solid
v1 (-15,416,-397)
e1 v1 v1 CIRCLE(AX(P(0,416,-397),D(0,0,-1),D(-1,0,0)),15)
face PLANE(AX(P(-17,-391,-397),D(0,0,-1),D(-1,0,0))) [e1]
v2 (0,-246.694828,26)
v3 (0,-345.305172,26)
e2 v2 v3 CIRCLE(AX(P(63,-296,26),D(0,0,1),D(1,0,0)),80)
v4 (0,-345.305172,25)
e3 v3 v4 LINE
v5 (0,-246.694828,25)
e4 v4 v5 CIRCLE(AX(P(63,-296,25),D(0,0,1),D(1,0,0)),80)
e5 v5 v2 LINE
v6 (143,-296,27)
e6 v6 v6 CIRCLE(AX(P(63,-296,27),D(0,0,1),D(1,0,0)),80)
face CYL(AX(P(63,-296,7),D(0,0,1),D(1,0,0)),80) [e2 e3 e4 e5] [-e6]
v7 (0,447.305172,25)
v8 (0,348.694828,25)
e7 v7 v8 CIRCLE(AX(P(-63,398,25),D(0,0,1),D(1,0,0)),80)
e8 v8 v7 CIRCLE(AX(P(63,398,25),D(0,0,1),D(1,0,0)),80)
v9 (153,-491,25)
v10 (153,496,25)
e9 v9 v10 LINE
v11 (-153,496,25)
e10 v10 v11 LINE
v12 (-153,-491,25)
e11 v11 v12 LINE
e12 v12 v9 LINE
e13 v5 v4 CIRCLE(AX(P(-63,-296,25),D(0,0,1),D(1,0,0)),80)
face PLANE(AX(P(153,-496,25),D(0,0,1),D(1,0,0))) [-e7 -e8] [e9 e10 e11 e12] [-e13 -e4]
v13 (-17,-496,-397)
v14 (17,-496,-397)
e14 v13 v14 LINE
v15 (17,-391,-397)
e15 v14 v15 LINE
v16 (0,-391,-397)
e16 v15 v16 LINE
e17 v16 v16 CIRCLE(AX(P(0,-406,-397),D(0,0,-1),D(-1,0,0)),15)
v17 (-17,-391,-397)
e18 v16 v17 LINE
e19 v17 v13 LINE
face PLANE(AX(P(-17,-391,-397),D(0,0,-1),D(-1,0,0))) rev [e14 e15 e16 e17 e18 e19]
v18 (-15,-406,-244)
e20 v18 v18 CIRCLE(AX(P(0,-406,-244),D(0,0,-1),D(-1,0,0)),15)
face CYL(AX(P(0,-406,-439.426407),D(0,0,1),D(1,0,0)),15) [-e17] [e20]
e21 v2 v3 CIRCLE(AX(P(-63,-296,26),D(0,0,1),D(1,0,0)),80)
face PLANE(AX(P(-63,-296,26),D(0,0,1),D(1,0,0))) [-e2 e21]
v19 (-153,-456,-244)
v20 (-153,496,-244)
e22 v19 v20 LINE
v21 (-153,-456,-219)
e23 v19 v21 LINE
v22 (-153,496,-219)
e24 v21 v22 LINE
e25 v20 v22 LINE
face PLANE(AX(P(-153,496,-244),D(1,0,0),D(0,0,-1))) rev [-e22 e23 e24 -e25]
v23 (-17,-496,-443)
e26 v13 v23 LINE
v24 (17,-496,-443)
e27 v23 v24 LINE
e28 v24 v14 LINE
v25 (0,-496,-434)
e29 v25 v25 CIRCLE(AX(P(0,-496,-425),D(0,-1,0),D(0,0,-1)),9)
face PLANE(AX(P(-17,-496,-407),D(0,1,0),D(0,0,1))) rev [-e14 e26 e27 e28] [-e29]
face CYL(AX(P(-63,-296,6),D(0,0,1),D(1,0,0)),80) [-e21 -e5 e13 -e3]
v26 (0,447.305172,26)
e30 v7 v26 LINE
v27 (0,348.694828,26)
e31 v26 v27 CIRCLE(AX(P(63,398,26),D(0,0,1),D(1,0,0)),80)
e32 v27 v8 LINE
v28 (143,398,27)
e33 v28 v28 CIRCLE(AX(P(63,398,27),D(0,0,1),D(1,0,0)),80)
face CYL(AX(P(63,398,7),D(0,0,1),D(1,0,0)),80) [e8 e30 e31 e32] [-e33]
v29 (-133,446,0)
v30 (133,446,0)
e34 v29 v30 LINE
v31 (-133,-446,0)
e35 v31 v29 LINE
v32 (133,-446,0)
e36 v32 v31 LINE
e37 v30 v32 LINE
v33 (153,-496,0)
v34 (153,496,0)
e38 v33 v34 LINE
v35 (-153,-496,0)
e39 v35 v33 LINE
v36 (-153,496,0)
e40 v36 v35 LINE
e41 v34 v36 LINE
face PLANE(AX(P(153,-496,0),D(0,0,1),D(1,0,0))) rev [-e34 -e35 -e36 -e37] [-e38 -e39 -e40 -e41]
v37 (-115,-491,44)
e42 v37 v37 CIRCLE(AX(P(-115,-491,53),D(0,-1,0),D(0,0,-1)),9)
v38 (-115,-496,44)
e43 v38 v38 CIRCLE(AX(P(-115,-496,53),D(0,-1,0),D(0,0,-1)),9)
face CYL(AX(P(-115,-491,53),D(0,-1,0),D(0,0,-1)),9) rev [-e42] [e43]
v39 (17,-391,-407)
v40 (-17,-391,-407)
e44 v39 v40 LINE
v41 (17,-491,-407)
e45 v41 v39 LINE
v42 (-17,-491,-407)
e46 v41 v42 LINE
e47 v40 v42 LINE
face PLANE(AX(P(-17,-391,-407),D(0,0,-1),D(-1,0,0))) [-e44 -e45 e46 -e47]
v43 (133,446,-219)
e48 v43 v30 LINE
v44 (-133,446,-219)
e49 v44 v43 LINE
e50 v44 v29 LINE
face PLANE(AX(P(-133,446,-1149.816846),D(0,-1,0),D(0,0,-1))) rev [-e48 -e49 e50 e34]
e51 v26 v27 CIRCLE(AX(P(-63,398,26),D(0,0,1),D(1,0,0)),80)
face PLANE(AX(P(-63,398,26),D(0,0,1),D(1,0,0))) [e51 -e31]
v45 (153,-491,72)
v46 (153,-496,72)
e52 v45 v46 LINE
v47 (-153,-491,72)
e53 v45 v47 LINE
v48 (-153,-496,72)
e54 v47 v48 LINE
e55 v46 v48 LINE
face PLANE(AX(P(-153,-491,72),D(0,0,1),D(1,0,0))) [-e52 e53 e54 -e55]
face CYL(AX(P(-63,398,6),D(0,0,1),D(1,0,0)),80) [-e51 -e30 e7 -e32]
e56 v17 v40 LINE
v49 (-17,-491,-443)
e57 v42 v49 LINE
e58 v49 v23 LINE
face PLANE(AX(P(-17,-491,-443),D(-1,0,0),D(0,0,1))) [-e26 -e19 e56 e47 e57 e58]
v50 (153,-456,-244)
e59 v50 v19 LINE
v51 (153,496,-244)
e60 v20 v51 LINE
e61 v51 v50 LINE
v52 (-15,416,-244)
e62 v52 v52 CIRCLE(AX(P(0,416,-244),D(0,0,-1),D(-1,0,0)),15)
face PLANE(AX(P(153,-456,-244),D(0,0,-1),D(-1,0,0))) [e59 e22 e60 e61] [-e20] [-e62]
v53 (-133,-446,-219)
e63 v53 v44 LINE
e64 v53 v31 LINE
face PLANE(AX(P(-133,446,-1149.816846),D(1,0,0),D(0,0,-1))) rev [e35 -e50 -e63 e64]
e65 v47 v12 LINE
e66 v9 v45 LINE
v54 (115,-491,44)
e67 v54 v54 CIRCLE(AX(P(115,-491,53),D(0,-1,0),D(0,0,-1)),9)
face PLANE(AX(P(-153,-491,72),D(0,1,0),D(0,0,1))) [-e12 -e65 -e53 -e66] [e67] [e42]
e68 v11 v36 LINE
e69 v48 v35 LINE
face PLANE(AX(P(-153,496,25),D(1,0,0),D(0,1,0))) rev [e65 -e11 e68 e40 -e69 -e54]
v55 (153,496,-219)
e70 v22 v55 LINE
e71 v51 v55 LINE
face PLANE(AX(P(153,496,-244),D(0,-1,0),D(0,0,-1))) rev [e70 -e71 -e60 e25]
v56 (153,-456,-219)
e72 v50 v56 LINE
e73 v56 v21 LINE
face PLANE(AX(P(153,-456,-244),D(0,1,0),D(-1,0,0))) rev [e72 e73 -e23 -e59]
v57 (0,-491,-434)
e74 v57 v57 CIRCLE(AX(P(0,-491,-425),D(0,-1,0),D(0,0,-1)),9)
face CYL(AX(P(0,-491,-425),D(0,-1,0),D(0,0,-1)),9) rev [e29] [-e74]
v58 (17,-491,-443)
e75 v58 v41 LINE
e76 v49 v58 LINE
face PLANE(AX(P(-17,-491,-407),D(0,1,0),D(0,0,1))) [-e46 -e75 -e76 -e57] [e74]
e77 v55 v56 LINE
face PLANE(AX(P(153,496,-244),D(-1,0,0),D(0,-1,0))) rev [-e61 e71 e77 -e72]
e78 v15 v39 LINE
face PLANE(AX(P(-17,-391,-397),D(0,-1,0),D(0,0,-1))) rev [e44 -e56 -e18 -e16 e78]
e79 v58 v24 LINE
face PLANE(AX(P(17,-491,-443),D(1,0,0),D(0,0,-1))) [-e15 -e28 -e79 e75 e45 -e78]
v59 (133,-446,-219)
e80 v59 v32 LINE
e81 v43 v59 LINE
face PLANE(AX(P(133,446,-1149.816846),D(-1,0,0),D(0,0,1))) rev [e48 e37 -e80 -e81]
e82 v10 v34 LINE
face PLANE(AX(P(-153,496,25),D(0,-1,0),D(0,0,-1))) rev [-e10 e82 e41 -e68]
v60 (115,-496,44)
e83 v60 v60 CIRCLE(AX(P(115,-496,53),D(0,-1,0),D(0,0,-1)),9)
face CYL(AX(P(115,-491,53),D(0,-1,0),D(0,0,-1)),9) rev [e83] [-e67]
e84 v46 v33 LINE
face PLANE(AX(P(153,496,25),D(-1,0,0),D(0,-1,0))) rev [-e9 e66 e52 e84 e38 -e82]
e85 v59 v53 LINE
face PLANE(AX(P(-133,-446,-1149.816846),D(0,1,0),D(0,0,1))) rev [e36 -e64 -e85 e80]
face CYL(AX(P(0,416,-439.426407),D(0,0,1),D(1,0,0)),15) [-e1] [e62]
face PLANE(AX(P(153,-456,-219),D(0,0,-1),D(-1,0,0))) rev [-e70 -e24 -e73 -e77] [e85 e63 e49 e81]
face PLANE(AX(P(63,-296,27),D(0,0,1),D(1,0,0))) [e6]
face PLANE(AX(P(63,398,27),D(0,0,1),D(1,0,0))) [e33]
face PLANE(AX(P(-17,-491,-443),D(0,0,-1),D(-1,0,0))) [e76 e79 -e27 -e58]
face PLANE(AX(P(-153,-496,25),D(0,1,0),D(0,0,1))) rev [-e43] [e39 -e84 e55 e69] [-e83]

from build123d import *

# Parameters (mm, degrees)
SKETCH_1_W        = 306
SKETCH_1_H        = 992
EXTRUDE_1_DEPTH   = 25
SKETCH_3_W        = 306
SKETCH_3_H        = 952
EXTRUDE_2_DEPTH   = 25
SKETCH_15_W       = 266
SKETCH_15_H       = 892
EXTRUDE3_DEPTH    = 219
SKETCH3_W         = 306
SKETCH3_H         = 47
SKETCH3_R         = 9
SKETCH3_W_2       = 34
SKETCH3_H_2       = 36
EXTRUDE6_DEPTH    = 5
SKETCH4_W         = 34
SKETCH4_H         = 105
EXTRUDE7_DEPTH    = 10
SKETCH5_R         = 15
EXTRUDE8_DEPTH    = 153
SKETCH_17_R       = 28.5
EXTRUDE_1_2_DEPTH = 1
SKETCH_18_R       = 80
EXTRUDE_2_2_DEPTH = 20
SKETCH_19_R       = 28.5
EXTRUDE_3_DEPTH   = 1
SKETCH_20_R       = 80
EXTRUDE_4_DEPTH   = 20


with BuildPart() as part:
    # Эскиз1 → Extrude 1 (new body)
    with BuildSketch(Plane.XY):
        Rectangle(SKETCH_1_W, SKETCH_1_H)
    extrude(amount=EXTRUDE_1_DEPTH)



with BuildPart() as body_2:
    # Эскиз3 → Extrude 2 (new body)
    with BuildSketch(Plane(origin=(0, 0, -219), x_dir=(-1, 0, 0), z_dir=(0, 0, -1))):
        with Locations((0, 20)):
            Rectangle(SKETCH_3_W, SKETCH_3_H)
    extrude(amount=EXTRUDE_2_DEPTH)


with BuildPart() as part_1:
    add(part.part)

    add(body_2.part)  # Extrude3 merges body 2
    # Эскиз15 → Extrude3 (add)
    with BuildSketch(Plane(origin=(0, 0, 0), x_dir=(-1, 0, 0), z_dir=(0, 0, -1))):
        Rectangle(SKETCH_15_W, SKETCH_15_H)
    extrude(amount=EXTRUDE3_DEPTH)

    # Sketch3 → Extrude6 (add)
    # profile 1 of 2: a face of its own
    with BuildSketch(Plane.XZ.offset(496)):
        with Locations((0, 48.5)):
            Rectangle(SKETCH3_W, SKETCH3_H)
        with Locations(Location((-115, 53, 0), (0, 0, 270))):
            Circle(SKETCH3_R, mode=Mode.SUBTRACT)
        with Locations(Location((115, 53, 0), (0, 0, 270))):
            Circle(SKETCH3_R, mode=Mode.SUBTRACT)
    # profile 2 of 2: a face of its own
    with BuildSketch(Plane.XZ.offset(496)):
        with Locations((0, -425)):
            Rectangle(SKETCH3_W_2, SKETCH3_H_2)
        with Locations(Location((0, -425, 0), (0, 0, 270))):
            Circle(SKETCH3_R, mode=Mode.SUBTRACT)
    extrude(amount=-EXTRUDE6_DEPTH)


with BuildPart() as extrude6_piece_1:
    # of the separate pieces the step leaves, piece 1, a body of its own (extrude6_pieces)
    add(part_1.part.solids().sort_by_distance((153, 496, -219))[0])



with BuildPart() as extrude6_piece_2:
    # of the separate pieces the step leaves, piece 2, a body of its own (extrude6_pieces)
    add(part_1.part.solids().sort_by_distance((-17, -496, -443))[0])

    # Sketch4 → Extrude7 (add)
    with BuildSketch(Plane.XY.offset(-407)):
        with Locations((0, -443.5)):
            Rectangle(SKETCH4_W, SKETCH4_H)
    extrude(amount=EXTRUDE7_DEPTH)


with BuildPart() as extrude6_piece_1_1:
    add(extrude6_piece_1.part)

    add(extrude6_piece_2.part)  # Extrude8 merges Extrude6 piece 2
    # Sketch5 → Extrude8 (add)
    with BuildSketch(Plane(origin=(0, 0, -244), x_dir=(-1, 0, 0), z_dir=(0, 0, -1))):
        with Locations(Location((0, -406, 0), (0, 0, 90))):
            Circle(SKETCH5_R)
        with Locations((0, 416)):
            Circle(SKETCH5_R)
    extrude(amount=EXTRUDE8_DEPTH)

    # Эскиз17 → Extrude 1 2 (add)
    with BuildSketch(Plane.XY.offset(25)):
        with Locations((-63, -296)):
            Circle(SKETCH_17_R)
        with Locations((63, -296)):
            Circle(SKETCH_17_R)
        with Locations((-63, 398)):
            Circle(SKETCH_17_R)
        with Locations((63, 398)):
            Circle(SKETCH_17_R)
    extrude(amount=EXTRUDE_1_2_DEPTH)

    # Эскиз18 → Extrude 2 2 (add)
    with BuildSketch(Plane.XY.offset(26)):
        with Locations((-63, 398)):
            Circle(SKETCH_18_R)
        with Locations((-63, -296)):
            Circle(SKETCH_18_R)
    extrude(amount=-EXTRUDE_2_2_DEPTH)

    # Эскиз19 → Бобышка-Вытянуть3 (add)
    with BuildSketch(Plane.XY.offset(26)):
        with Locations((63, 398)):
            Circle(SKETCH_19_R)
        with Locations((63, -296)):
            Circle(SKETCH_19_R)
    extrude(amount=EXTRUDE_3_DEPTH)

    # Эскиз20 → Бобышка-Вытянуть4 (add)
    with BuildSketch(Plane.XY.offset(27)):
        with Locations((63, 398)):
            Circle(SKETCH_20_R)
        with Locations((63, -296)):
            Circle(SKETCH_20_R)
    extrude(amount=-EXTRUDE_4_DEPTH)


solid = extrude6_piece_1_1.part
